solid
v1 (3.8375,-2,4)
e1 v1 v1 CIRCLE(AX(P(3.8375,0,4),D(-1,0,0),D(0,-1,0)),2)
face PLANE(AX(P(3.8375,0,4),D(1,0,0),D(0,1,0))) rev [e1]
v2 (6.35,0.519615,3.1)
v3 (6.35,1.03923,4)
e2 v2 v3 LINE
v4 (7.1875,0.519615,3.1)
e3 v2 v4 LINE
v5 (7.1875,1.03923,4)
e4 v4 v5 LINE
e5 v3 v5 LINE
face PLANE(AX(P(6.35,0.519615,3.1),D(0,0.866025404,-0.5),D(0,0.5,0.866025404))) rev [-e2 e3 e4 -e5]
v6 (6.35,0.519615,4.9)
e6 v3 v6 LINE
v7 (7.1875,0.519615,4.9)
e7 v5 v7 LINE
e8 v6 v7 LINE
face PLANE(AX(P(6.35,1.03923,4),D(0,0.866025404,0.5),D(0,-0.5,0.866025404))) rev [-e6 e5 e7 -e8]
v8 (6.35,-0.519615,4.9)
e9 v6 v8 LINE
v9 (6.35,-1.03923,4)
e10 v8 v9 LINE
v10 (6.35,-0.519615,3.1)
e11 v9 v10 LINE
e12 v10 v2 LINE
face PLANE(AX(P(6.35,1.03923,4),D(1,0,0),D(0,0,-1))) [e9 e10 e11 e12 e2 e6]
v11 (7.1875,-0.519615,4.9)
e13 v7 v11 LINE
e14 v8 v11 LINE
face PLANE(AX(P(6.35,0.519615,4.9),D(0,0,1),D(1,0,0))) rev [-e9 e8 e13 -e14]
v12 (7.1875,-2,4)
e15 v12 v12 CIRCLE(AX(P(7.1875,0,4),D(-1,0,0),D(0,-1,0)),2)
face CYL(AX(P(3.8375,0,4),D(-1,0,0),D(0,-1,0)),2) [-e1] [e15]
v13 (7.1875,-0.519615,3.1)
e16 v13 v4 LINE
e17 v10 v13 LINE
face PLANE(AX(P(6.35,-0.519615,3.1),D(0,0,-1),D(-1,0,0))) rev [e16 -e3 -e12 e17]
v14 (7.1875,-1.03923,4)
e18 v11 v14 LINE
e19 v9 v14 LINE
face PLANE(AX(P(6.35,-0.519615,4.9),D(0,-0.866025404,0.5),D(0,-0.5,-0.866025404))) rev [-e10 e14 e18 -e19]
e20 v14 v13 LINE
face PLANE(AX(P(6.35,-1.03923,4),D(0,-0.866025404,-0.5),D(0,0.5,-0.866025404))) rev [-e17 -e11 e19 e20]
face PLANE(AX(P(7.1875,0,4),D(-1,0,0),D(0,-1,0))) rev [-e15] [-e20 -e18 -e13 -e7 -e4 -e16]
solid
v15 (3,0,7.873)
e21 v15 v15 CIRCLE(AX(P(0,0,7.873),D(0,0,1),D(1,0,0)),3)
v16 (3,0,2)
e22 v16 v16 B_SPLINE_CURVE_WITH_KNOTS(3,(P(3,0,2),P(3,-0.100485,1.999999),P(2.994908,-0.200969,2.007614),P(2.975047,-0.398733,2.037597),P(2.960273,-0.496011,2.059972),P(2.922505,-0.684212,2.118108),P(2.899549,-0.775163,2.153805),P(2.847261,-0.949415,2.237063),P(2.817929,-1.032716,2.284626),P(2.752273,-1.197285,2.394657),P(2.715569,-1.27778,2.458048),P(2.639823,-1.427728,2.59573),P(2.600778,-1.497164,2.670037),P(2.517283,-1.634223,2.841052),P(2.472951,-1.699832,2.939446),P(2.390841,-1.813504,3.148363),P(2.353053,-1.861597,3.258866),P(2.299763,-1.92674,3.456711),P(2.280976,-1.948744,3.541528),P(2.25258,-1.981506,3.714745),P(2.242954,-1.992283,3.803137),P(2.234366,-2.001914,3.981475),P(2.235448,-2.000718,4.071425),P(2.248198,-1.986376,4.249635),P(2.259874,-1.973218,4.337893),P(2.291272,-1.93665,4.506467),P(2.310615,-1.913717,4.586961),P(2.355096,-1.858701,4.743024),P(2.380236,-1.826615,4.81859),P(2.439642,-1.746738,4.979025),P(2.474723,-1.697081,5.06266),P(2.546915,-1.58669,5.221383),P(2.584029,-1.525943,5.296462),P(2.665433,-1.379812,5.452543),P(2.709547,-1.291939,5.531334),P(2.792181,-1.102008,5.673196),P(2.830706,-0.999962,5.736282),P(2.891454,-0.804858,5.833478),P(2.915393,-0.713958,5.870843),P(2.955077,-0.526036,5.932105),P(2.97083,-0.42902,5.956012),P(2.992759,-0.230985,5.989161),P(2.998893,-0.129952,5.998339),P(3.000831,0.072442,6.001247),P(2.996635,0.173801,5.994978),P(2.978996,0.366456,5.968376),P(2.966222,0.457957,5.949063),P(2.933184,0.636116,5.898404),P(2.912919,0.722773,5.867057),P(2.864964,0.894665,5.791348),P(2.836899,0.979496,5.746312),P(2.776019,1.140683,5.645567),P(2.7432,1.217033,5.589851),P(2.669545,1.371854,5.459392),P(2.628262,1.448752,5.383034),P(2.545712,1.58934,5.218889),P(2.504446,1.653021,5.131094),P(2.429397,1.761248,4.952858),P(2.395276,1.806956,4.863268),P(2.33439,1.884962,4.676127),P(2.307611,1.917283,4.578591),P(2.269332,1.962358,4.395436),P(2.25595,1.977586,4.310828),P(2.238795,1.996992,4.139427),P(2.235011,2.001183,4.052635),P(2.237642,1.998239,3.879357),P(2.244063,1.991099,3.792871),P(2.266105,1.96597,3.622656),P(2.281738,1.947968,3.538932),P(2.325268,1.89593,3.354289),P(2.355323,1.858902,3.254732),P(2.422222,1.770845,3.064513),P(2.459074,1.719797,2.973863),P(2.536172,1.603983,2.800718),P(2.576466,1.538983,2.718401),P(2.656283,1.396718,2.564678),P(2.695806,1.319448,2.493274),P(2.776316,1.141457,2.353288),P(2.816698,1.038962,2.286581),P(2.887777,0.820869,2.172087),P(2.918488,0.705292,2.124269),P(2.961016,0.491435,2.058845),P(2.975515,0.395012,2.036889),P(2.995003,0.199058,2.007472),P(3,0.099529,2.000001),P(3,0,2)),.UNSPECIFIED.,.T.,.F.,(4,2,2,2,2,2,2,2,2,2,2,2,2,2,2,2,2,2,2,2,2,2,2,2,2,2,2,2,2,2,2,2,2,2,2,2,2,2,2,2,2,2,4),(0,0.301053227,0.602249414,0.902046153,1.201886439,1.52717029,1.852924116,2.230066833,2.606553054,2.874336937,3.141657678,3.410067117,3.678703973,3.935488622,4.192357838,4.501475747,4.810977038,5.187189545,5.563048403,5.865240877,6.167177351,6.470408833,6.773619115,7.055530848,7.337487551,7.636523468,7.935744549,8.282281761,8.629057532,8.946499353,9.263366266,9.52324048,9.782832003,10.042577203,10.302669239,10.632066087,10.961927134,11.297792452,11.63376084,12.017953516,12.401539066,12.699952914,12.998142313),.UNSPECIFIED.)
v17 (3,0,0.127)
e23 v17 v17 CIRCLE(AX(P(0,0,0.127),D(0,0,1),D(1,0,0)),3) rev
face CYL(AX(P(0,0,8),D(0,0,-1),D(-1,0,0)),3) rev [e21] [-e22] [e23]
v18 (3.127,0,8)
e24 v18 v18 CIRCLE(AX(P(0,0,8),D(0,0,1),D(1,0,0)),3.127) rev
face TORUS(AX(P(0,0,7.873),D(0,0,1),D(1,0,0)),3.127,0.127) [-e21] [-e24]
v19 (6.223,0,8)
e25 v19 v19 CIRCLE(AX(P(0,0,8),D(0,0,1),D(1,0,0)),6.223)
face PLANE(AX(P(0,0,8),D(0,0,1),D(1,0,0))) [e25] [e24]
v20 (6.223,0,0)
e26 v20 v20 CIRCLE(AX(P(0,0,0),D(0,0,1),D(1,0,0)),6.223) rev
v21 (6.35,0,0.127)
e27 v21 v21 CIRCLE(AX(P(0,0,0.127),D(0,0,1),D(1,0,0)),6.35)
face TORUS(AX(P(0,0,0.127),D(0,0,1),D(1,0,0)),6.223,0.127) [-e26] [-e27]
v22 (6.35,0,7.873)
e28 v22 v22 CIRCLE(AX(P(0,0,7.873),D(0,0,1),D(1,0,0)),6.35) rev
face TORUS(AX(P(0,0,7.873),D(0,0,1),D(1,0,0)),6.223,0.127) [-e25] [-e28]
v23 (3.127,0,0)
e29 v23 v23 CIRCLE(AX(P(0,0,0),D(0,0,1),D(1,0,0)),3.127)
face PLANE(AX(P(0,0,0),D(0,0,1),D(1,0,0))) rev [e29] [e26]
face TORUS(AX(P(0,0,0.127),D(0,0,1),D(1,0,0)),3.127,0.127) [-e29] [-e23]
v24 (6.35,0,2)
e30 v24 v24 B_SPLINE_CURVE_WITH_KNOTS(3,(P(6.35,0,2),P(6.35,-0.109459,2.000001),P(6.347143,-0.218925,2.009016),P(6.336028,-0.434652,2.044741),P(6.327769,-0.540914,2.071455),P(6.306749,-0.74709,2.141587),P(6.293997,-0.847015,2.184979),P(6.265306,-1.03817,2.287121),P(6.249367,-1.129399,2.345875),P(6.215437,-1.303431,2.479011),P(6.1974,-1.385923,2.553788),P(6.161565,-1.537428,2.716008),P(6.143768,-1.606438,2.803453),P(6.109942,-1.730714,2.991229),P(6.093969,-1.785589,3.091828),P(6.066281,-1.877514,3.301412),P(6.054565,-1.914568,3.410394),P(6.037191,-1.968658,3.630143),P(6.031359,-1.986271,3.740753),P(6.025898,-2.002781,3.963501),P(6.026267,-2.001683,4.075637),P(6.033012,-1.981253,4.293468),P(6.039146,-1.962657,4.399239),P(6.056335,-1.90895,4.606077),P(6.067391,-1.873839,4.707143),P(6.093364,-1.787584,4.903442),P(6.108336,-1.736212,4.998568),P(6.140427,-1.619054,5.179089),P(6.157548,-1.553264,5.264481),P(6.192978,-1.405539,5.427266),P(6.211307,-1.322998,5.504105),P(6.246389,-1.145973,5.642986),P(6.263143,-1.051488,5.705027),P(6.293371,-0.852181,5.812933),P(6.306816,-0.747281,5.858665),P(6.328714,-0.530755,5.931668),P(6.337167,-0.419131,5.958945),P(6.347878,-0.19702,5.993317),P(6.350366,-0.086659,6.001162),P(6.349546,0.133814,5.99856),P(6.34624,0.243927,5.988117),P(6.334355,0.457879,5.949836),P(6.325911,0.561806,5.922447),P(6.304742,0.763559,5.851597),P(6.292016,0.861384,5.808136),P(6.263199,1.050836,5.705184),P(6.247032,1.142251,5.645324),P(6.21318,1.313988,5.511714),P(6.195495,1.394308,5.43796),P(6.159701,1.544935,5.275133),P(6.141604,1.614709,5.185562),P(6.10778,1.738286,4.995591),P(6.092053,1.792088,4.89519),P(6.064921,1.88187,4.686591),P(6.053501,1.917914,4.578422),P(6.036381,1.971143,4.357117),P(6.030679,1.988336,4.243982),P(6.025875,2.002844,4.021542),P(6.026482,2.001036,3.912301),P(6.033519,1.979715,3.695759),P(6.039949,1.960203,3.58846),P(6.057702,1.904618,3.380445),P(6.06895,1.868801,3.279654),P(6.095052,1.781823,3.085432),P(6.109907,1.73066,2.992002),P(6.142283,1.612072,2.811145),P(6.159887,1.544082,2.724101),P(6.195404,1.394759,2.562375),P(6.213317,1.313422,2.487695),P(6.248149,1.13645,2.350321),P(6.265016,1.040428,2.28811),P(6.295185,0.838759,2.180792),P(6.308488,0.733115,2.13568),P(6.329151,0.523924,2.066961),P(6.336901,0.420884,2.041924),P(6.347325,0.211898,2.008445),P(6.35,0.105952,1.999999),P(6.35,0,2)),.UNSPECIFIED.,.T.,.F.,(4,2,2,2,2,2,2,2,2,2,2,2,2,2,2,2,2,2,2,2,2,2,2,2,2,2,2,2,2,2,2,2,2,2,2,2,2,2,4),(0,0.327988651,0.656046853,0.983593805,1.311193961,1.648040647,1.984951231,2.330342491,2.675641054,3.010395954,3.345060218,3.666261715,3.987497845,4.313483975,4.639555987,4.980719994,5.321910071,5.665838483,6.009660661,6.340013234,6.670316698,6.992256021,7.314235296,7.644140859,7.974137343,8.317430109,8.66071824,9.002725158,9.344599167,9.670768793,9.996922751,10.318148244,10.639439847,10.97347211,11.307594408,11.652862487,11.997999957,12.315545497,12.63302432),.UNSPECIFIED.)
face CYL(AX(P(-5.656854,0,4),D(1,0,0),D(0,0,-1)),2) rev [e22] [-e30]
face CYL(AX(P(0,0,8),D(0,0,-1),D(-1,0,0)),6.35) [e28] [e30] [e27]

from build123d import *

# Parameters (mm, degrees)
SKETCH1_R          = 6.35
SKETCH1_R_2        = 3
EXTRUDE1_DEPTH     = 8
CUT_EXTRUDE1_REACH = 14.7
SKETCH2_R          = 2
SKETCH3_W          = 3.35
SKETCH3_H          = 2
CUT_EXTRUDE2_DEPTH = 0.8375
FILLET1_R          = 0.127


with BuildPart() as part:
    # Sketch1 → Extrude1 (new body)
    with BuildSketch(Plane.XY):
        Circle(SKETCH1_R)
        Circle(SKETCH1_R_2, mode=Mode.SUBTRACT)
    extrude(amount=EXTRUDE1_DEPTH)

    # Sketch2 → Cut-Extrude1 (cut, up to next)
    with BuildSketch(Plane(origin=(6.35, 0, 0), x_dir=(0, 0, -1), z_dir=(1, 0, 0)), mode=Mode.PRIVATE) as cut_extrude1_sk1:
        with Locations((-4, 0)):
            Circle(SKETCH2_R)
    cut_extrude1_tool1 = extrude(cut_extrude1_sk1.sketch, amount=-CUT_EXTRUDE1_REACH, mode=Mode.PRIVATE) & part.part
    add(cut_extrude1_tool1.solids().sort_by_distance((6.35, 0, 4))[0], mode=Mode.SUBTRACT)

    # Fillet1
    fillet1_edges = [part.edges().sort_by_distance(p)[0] for p in [
        (-6.35, 0, 0),
        (-6.35, 0, 8),
        (-3, 0, 0),
        (-3, 0, 8),
    ]]
    fillet(fillet1_edges, radius=FILLET1_R)


with BuildPart() as body_2:
    # Sketch3 → Revolve1 (revolve)
    with BuildSketch(Plane.XY.offset(4)):
        with Locations((5.5125, 1)):
            Rectangle(SKETCH3_W, SKETCH3_H)
    revolve(axis=Axis((3.8375, 0, 4), (1, 0, 0)))

    # Sketch4 → Cut-Extrude2 (cut)
    with BuildSketch(Plane(origin=(7.1875, 0, 0), x_dir=(0, 0, -1), z_dir=(1, 0, 0))):
        Polygon((-4, 1.039230485), (-4.9, 0.519615242), (-4.9, -0.519615242), (-4, -1.039230485), (-3.1, -0.519615242), (-3.1, 0.519615242), align=None)
    extrude(amount=-CUT_EXTRUDE2_DEPTH, mode=Mode.SUBTRACT)


solid = Compound([part.part, body_2.part])
